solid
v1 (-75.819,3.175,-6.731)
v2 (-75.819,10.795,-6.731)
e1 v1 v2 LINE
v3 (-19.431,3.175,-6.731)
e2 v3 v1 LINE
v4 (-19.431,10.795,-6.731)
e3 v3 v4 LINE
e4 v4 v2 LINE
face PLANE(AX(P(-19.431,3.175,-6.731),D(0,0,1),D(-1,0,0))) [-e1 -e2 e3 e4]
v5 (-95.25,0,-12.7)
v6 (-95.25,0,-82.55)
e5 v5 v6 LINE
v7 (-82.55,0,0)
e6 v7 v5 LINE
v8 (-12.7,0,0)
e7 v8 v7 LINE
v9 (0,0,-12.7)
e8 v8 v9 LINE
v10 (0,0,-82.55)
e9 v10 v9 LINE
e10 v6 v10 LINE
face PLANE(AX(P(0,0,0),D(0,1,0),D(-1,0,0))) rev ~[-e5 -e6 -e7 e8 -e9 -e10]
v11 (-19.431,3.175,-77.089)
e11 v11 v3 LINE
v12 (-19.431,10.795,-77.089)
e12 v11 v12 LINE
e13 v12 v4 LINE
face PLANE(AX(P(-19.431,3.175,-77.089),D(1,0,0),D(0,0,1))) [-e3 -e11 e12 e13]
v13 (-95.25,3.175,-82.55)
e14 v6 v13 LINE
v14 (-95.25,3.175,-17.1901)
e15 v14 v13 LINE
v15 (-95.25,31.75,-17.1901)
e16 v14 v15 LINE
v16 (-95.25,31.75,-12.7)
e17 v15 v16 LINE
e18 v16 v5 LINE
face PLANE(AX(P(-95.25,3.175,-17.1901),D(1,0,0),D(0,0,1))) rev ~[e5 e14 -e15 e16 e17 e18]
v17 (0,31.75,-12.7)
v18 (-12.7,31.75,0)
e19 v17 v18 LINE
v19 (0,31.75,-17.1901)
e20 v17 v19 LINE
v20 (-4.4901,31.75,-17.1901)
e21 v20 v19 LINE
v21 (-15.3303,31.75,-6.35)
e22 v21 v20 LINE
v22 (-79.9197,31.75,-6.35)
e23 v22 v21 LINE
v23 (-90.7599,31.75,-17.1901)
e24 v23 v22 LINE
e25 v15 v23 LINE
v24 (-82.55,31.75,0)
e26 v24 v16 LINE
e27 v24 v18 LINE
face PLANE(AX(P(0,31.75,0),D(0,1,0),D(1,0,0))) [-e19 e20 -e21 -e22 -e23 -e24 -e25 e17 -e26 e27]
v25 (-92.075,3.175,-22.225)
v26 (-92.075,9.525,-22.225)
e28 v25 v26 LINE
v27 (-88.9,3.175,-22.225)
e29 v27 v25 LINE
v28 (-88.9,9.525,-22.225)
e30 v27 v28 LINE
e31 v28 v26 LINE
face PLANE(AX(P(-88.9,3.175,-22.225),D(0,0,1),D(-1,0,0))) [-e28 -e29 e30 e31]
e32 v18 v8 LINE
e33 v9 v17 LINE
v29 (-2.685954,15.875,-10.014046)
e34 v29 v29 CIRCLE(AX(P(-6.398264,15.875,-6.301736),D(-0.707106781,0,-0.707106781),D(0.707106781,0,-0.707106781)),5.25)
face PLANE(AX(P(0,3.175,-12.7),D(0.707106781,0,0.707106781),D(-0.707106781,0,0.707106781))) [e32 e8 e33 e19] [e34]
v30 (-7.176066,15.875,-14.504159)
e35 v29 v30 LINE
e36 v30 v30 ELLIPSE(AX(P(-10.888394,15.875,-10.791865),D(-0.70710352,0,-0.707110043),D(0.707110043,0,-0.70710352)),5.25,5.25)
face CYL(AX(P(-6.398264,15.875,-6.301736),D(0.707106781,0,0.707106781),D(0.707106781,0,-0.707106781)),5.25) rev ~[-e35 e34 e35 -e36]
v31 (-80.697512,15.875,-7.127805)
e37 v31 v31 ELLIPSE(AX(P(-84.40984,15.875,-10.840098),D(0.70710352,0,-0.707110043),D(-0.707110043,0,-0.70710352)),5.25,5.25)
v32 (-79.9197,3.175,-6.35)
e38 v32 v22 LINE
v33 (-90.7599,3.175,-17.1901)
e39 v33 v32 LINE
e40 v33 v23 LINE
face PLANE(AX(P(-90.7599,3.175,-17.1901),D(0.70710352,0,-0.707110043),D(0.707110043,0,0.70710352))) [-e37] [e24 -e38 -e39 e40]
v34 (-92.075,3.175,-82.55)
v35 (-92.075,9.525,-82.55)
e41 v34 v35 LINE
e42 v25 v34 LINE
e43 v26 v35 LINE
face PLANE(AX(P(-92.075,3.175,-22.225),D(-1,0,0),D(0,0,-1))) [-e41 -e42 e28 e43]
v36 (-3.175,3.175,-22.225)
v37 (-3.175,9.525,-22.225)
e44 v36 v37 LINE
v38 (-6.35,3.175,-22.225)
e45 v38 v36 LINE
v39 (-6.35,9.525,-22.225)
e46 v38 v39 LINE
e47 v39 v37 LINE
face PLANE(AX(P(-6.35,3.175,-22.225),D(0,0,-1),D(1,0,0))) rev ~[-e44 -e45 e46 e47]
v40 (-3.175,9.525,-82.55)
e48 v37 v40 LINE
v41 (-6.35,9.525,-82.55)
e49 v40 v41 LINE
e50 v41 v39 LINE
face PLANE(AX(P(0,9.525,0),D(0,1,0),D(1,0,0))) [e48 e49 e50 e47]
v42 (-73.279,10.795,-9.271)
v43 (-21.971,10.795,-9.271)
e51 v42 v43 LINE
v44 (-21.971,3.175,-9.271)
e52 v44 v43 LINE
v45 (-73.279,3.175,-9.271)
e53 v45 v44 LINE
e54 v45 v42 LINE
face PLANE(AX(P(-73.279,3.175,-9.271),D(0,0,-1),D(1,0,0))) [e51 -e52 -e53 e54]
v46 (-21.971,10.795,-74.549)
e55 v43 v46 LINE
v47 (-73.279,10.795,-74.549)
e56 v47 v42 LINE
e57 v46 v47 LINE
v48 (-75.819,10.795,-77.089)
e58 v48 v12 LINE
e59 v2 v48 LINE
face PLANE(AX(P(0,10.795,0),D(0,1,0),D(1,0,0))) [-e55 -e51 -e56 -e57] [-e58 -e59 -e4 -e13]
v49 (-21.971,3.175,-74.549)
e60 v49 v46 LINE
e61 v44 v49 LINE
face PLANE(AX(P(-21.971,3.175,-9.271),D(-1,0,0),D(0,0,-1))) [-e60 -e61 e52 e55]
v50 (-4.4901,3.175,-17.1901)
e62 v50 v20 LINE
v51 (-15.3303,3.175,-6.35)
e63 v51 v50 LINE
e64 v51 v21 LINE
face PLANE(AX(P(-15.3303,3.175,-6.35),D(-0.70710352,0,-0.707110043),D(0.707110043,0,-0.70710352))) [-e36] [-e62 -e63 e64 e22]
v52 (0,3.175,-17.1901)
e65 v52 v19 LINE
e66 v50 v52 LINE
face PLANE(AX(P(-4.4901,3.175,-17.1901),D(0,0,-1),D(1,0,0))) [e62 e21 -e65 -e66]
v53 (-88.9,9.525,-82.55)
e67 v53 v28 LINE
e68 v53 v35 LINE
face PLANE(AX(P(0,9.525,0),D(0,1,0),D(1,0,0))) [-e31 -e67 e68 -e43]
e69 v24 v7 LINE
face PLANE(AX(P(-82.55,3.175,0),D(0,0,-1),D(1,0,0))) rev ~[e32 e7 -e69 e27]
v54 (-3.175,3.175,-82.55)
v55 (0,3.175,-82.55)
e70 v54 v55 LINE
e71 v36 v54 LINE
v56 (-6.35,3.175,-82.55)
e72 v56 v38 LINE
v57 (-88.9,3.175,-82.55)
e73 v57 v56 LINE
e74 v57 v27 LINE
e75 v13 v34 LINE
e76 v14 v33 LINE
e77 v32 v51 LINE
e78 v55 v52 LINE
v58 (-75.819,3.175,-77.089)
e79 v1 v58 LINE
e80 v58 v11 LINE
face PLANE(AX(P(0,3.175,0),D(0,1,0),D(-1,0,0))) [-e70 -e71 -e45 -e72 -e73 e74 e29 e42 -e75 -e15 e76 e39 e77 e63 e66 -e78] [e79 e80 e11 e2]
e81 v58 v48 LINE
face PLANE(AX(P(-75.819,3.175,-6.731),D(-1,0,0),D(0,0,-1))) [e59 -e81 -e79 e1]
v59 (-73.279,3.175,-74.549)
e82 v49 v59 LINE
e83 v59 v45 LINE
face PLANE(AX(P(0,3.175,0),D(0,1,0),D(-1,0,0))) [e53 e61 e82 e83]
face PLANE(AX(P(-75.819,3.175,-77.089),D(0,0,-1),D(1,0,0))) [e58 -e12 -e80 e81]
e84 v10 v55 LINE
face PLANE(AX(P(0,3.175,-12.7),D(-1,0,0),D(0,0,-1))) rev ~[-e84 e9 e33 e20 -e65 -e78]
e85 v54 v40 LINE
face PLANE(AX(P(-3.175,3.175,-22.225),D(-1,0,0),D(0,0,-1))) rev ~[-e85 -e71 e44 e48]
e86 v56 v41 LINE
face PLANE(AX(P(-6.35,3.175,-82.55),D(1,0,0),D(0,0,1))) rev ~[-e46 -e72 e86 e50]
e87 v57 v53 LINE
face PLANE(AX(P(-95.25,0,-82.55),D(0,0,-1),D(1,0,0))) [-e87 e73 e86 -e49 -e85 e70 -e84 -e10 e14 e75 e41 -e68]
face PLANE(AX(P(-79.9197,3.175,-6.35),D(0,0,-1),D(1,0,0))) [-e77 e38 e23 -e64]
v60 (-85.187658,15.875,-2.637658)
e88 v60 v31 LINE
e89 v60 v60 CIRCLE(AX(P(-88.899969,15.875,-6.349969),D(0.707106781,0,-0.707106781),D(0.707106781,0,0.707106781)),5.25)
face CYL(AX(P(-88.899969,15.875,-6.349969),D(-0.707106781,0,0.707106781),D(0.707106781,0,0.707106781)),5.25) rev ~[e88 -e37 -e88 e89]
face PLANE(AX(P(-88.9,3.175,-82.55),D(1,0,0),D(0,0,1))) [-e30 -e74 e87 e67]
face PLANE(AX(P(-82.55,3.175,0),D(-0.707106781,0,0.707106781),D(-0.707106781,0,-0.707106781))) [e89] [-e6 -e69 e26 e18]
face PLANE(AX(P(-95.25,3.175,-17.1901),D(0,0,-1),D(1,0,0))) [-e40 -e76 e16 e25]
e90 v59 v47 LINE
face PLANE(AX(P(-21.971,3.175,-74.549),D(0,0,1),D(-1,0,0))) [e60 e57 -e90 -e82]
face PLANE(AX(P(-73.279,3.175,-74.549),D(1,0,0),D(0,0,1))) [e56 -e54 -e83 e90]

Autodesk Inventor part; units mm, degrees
ref_plane "YZ Plane" through (0, 0, 0) normal (1, 0, 0) x (0, 1, 0)
ref_plane "XZ Plane" through (0, 0, 0) normal (0, 1, 0) x (-1, 0, 0)
ref_plane "XY Plane" through (0, 0, 0) normal (0, 0, 1) x (1, 0, 0)
sketch "Sketch1" plane through (0, 0, 0) normal (0, 1, 0) x (-1, 0, 0)
  line L0 (0, 0) -> (95.25, 0)
  line L1 (95.25, 0) -> (95.25, -82.55)
  line L2 (95.25, -82.55) -> (0, -82.55)
  line L3 (0, -82.55) -> (0, 0)
  dimension "d0" = 95.25
  dimension "d1" = 82.55
extrude "Extrusion1" add sketch "Sketch1" along normal blind 3.175
chamfer "Chamfer1" distance 12.7 angle 45 2 edges at (-95.25, 1.5875, 0) (0, 1.5875, 0)
sketch "Sketch9" plane through (0, 3.175, 0) normal (0, 1, 0) x (1, 0, 0)
  line L0 (0, 12.7) -> (-12.7, 0) projected
  line L1 (0, 12.7) -> (0, 82.55) projected
  line L2 (0, 82.55) -> (-95.25, 82.55) projected
  line L3 (-95.25, 82.55) -> (-95.25, 12.7) projected
  line L4 (-82.55, 0) -> (-95.25, 12.7) projected
  line L5 (-82.55, 0) -> (-12.7, 0) projected
  line L6 (-95.25, 82.55) -> (0, 82.55) projected
  line L7 (-95.25, 12.7) -> (-95.25, 82.55) projected
  line L8 (-95.25, 17.1901) -> (-90.7599, 17.1901)
  line L9 (-90.7599, 17.1901) -> (-79.9197, 6.35)
  line L10 (-79.9197, 6.35) -> (-15.3303, 6.35)
  line L11 (-15.3303, 6.35) -> (-4.4901, 17.1901)
  line L12 (-4.4901, 17.1901) -> (0, 17.1901)
  line L13 (-95.25, 17.1901) -> (-95.25, 12.7)
  line L14 (-82.55, 0) -> (-95.25, 12.7)
  line L15 (-95.25, 12.7) -> (-82.55, 0) projected
  line L16 (-82.55, 0) -> (-12.7, 0)
  line L17 (-12.7, 0) -> (0, 12.7)
  line L18 (0, 12.7) -> (0, 17.1901)
  point P0 (0, 0)
  point P1 (-3.175, 98.425)
  point P2 (-3.175, 82.55)
  dimension "d59" = 65.3599
  dimension "d60" = 6.35
  dimension "d61" = 6.35
  dimension "d62" = 65.3599
  dimension "d63" = 6.35
extrude "Extrusion14" add sketch "Sketch9" along normal blind 28.575 contours L0 L5 L4 L3 L8 L9 L10 L11 L12 L1
sketch "Sketch12" plane through (0, 3.175, 0) normal (0, 1, 0) x (1, 0, 0)
  line L0 (0, 82.55) -> (-95.25, 82.55) projected
  line L1 (0, 82.55) -> (-3.175, 82.55)
  line L2 (-14.0151, 3.175) -> (-3.175, 14.0151) projected
  line L3 (-3.175, 82.55) -> (-6.35, 82.55)
  line L4 (-6.35, 82.55) -> (-6.35, 22.225)
  line L5 (-6.35, 22.225) -> (-3.175, 22.225)
  line L6 (-3.175, 22.225) -> (-3.175, 82.55)
  line L7 (-95.25, 82.55) -> (-92.075, 82.55)
  line L8 (-92.075, 82.55) -> (-88.9, 82.55)
  line L9 (-88.9, 82.55) -> (-88.9, 22.225)
  line L10 (-88.9, 22.225) -> (-92.075, 22.225)
  line L11 (-92.075, 22.225) -> (-92.075, 82.55)
  point P0 (0, 0)
  point P1 (0, 17.1901)
  dimension "d34" = 3.175
  dimension "d35" = 3.175
  dimension "d36" = 60.325
  dimension "d37" = 3.175
  dimension "d38" = 3.175
  dimension "d39" = 60.325
extrude "Extrusion10" add sketch "Sketch12" along normal blind 6.35
sketch "Sketch13" plane through (-12.7, 0, 0) normal (0.7071, 0, 0.7071) x (0.7071, 0, -0.7071)
  line L0 (0, 15.875) -> (17.824, 15.875)
  circle A0 centre (8.912, 15.875) radius 5.25
  line L1 (0, 0) -> (17.9605, 0) projected
  line L2 (0, 31.75) -> (0, 0) projected
  line L3 (17.9605, 0) -> (17.9605, 31.75) projected
  dimension "d43" = 10.5
  dimension "d66" = 15.875
extrude "Extrusion11" cut sketch "Sketch13" against normal up to next
sketch "Sketch14" plane through (-95.25, 0, -12.7) normal (-0.7071, 0, 0.7071) x (0.7071, 0, 0.7071)
  line L0 (17.9605, 15.875) -> (0, 15.875)
  circle A0 centre (8.9803, 15.875) radius 5.25
  line L1 (0, 0) -> (17.9605, 0) projected
  point P0 (76.3322, 0)
  point P1 (17.9605, 31.75)
  point P2 (0, 31.75)
  dimension "d46" = 10.5
  dimension "d67" = 15.875
extrude "Extrusion12" cut sketch "Sketch14" against normal up to next
sketch "Sketch15" plane through (0, 3.175, 0) normal (0, 1, 0) x (1, 0, 0)
  line L0 (-73.025, 74.295) -> (-22.225, 74.295)
  line L1 (-22.225, 74.295) -> (-22.225, 9.525)
  line L2 (-22.225, 9.525) -> (-73.025, 9.525)
  line L3 (-73.025, 9.525) -> (-73.025, 74.295)
  line L4 (-6.35, 22.225) -> (-6.35, 82.55) projected
  line L5 (-21.971, 74.549) -> (-73.279, 74.549)
  line L6 (-73.279, 74.549) -> (-73.279, 9.271)
  line L7 (-73.279, 9.271) -> (-21.971, 9.271)
  line L8 (-21.971, 9.271) -> (-21.971, 74.549)
  line L9 (-75.819, 77.089) -> (-19.431, 77.089)
  line L10 (-19.431, 77.089) -> (-19.431, 6.731)
  line L11 (-19.431, 6.731) -> (-75.819, 6.731)
  line L12 (-75.819, 6.731) -> (-75.819, 77.089)
  line L13 (-14.0151, 3.175) -> (-81.2349, 3.175) projected
  point P0 (0, 0)
  point P1 (-6.35, 10.8401)
  dimension "d49" = 50.8
  dimension "d50" = 64.77
  dimension "d53" = 0.254
  dimension "d54" = 2.54
  dimension "d57" = 6.35
extrude "Extrusion13" add sketch "Sketch15" along normal blind 7.62 contours L9 L10 L11 L12
properties part number "bottom-housing"
